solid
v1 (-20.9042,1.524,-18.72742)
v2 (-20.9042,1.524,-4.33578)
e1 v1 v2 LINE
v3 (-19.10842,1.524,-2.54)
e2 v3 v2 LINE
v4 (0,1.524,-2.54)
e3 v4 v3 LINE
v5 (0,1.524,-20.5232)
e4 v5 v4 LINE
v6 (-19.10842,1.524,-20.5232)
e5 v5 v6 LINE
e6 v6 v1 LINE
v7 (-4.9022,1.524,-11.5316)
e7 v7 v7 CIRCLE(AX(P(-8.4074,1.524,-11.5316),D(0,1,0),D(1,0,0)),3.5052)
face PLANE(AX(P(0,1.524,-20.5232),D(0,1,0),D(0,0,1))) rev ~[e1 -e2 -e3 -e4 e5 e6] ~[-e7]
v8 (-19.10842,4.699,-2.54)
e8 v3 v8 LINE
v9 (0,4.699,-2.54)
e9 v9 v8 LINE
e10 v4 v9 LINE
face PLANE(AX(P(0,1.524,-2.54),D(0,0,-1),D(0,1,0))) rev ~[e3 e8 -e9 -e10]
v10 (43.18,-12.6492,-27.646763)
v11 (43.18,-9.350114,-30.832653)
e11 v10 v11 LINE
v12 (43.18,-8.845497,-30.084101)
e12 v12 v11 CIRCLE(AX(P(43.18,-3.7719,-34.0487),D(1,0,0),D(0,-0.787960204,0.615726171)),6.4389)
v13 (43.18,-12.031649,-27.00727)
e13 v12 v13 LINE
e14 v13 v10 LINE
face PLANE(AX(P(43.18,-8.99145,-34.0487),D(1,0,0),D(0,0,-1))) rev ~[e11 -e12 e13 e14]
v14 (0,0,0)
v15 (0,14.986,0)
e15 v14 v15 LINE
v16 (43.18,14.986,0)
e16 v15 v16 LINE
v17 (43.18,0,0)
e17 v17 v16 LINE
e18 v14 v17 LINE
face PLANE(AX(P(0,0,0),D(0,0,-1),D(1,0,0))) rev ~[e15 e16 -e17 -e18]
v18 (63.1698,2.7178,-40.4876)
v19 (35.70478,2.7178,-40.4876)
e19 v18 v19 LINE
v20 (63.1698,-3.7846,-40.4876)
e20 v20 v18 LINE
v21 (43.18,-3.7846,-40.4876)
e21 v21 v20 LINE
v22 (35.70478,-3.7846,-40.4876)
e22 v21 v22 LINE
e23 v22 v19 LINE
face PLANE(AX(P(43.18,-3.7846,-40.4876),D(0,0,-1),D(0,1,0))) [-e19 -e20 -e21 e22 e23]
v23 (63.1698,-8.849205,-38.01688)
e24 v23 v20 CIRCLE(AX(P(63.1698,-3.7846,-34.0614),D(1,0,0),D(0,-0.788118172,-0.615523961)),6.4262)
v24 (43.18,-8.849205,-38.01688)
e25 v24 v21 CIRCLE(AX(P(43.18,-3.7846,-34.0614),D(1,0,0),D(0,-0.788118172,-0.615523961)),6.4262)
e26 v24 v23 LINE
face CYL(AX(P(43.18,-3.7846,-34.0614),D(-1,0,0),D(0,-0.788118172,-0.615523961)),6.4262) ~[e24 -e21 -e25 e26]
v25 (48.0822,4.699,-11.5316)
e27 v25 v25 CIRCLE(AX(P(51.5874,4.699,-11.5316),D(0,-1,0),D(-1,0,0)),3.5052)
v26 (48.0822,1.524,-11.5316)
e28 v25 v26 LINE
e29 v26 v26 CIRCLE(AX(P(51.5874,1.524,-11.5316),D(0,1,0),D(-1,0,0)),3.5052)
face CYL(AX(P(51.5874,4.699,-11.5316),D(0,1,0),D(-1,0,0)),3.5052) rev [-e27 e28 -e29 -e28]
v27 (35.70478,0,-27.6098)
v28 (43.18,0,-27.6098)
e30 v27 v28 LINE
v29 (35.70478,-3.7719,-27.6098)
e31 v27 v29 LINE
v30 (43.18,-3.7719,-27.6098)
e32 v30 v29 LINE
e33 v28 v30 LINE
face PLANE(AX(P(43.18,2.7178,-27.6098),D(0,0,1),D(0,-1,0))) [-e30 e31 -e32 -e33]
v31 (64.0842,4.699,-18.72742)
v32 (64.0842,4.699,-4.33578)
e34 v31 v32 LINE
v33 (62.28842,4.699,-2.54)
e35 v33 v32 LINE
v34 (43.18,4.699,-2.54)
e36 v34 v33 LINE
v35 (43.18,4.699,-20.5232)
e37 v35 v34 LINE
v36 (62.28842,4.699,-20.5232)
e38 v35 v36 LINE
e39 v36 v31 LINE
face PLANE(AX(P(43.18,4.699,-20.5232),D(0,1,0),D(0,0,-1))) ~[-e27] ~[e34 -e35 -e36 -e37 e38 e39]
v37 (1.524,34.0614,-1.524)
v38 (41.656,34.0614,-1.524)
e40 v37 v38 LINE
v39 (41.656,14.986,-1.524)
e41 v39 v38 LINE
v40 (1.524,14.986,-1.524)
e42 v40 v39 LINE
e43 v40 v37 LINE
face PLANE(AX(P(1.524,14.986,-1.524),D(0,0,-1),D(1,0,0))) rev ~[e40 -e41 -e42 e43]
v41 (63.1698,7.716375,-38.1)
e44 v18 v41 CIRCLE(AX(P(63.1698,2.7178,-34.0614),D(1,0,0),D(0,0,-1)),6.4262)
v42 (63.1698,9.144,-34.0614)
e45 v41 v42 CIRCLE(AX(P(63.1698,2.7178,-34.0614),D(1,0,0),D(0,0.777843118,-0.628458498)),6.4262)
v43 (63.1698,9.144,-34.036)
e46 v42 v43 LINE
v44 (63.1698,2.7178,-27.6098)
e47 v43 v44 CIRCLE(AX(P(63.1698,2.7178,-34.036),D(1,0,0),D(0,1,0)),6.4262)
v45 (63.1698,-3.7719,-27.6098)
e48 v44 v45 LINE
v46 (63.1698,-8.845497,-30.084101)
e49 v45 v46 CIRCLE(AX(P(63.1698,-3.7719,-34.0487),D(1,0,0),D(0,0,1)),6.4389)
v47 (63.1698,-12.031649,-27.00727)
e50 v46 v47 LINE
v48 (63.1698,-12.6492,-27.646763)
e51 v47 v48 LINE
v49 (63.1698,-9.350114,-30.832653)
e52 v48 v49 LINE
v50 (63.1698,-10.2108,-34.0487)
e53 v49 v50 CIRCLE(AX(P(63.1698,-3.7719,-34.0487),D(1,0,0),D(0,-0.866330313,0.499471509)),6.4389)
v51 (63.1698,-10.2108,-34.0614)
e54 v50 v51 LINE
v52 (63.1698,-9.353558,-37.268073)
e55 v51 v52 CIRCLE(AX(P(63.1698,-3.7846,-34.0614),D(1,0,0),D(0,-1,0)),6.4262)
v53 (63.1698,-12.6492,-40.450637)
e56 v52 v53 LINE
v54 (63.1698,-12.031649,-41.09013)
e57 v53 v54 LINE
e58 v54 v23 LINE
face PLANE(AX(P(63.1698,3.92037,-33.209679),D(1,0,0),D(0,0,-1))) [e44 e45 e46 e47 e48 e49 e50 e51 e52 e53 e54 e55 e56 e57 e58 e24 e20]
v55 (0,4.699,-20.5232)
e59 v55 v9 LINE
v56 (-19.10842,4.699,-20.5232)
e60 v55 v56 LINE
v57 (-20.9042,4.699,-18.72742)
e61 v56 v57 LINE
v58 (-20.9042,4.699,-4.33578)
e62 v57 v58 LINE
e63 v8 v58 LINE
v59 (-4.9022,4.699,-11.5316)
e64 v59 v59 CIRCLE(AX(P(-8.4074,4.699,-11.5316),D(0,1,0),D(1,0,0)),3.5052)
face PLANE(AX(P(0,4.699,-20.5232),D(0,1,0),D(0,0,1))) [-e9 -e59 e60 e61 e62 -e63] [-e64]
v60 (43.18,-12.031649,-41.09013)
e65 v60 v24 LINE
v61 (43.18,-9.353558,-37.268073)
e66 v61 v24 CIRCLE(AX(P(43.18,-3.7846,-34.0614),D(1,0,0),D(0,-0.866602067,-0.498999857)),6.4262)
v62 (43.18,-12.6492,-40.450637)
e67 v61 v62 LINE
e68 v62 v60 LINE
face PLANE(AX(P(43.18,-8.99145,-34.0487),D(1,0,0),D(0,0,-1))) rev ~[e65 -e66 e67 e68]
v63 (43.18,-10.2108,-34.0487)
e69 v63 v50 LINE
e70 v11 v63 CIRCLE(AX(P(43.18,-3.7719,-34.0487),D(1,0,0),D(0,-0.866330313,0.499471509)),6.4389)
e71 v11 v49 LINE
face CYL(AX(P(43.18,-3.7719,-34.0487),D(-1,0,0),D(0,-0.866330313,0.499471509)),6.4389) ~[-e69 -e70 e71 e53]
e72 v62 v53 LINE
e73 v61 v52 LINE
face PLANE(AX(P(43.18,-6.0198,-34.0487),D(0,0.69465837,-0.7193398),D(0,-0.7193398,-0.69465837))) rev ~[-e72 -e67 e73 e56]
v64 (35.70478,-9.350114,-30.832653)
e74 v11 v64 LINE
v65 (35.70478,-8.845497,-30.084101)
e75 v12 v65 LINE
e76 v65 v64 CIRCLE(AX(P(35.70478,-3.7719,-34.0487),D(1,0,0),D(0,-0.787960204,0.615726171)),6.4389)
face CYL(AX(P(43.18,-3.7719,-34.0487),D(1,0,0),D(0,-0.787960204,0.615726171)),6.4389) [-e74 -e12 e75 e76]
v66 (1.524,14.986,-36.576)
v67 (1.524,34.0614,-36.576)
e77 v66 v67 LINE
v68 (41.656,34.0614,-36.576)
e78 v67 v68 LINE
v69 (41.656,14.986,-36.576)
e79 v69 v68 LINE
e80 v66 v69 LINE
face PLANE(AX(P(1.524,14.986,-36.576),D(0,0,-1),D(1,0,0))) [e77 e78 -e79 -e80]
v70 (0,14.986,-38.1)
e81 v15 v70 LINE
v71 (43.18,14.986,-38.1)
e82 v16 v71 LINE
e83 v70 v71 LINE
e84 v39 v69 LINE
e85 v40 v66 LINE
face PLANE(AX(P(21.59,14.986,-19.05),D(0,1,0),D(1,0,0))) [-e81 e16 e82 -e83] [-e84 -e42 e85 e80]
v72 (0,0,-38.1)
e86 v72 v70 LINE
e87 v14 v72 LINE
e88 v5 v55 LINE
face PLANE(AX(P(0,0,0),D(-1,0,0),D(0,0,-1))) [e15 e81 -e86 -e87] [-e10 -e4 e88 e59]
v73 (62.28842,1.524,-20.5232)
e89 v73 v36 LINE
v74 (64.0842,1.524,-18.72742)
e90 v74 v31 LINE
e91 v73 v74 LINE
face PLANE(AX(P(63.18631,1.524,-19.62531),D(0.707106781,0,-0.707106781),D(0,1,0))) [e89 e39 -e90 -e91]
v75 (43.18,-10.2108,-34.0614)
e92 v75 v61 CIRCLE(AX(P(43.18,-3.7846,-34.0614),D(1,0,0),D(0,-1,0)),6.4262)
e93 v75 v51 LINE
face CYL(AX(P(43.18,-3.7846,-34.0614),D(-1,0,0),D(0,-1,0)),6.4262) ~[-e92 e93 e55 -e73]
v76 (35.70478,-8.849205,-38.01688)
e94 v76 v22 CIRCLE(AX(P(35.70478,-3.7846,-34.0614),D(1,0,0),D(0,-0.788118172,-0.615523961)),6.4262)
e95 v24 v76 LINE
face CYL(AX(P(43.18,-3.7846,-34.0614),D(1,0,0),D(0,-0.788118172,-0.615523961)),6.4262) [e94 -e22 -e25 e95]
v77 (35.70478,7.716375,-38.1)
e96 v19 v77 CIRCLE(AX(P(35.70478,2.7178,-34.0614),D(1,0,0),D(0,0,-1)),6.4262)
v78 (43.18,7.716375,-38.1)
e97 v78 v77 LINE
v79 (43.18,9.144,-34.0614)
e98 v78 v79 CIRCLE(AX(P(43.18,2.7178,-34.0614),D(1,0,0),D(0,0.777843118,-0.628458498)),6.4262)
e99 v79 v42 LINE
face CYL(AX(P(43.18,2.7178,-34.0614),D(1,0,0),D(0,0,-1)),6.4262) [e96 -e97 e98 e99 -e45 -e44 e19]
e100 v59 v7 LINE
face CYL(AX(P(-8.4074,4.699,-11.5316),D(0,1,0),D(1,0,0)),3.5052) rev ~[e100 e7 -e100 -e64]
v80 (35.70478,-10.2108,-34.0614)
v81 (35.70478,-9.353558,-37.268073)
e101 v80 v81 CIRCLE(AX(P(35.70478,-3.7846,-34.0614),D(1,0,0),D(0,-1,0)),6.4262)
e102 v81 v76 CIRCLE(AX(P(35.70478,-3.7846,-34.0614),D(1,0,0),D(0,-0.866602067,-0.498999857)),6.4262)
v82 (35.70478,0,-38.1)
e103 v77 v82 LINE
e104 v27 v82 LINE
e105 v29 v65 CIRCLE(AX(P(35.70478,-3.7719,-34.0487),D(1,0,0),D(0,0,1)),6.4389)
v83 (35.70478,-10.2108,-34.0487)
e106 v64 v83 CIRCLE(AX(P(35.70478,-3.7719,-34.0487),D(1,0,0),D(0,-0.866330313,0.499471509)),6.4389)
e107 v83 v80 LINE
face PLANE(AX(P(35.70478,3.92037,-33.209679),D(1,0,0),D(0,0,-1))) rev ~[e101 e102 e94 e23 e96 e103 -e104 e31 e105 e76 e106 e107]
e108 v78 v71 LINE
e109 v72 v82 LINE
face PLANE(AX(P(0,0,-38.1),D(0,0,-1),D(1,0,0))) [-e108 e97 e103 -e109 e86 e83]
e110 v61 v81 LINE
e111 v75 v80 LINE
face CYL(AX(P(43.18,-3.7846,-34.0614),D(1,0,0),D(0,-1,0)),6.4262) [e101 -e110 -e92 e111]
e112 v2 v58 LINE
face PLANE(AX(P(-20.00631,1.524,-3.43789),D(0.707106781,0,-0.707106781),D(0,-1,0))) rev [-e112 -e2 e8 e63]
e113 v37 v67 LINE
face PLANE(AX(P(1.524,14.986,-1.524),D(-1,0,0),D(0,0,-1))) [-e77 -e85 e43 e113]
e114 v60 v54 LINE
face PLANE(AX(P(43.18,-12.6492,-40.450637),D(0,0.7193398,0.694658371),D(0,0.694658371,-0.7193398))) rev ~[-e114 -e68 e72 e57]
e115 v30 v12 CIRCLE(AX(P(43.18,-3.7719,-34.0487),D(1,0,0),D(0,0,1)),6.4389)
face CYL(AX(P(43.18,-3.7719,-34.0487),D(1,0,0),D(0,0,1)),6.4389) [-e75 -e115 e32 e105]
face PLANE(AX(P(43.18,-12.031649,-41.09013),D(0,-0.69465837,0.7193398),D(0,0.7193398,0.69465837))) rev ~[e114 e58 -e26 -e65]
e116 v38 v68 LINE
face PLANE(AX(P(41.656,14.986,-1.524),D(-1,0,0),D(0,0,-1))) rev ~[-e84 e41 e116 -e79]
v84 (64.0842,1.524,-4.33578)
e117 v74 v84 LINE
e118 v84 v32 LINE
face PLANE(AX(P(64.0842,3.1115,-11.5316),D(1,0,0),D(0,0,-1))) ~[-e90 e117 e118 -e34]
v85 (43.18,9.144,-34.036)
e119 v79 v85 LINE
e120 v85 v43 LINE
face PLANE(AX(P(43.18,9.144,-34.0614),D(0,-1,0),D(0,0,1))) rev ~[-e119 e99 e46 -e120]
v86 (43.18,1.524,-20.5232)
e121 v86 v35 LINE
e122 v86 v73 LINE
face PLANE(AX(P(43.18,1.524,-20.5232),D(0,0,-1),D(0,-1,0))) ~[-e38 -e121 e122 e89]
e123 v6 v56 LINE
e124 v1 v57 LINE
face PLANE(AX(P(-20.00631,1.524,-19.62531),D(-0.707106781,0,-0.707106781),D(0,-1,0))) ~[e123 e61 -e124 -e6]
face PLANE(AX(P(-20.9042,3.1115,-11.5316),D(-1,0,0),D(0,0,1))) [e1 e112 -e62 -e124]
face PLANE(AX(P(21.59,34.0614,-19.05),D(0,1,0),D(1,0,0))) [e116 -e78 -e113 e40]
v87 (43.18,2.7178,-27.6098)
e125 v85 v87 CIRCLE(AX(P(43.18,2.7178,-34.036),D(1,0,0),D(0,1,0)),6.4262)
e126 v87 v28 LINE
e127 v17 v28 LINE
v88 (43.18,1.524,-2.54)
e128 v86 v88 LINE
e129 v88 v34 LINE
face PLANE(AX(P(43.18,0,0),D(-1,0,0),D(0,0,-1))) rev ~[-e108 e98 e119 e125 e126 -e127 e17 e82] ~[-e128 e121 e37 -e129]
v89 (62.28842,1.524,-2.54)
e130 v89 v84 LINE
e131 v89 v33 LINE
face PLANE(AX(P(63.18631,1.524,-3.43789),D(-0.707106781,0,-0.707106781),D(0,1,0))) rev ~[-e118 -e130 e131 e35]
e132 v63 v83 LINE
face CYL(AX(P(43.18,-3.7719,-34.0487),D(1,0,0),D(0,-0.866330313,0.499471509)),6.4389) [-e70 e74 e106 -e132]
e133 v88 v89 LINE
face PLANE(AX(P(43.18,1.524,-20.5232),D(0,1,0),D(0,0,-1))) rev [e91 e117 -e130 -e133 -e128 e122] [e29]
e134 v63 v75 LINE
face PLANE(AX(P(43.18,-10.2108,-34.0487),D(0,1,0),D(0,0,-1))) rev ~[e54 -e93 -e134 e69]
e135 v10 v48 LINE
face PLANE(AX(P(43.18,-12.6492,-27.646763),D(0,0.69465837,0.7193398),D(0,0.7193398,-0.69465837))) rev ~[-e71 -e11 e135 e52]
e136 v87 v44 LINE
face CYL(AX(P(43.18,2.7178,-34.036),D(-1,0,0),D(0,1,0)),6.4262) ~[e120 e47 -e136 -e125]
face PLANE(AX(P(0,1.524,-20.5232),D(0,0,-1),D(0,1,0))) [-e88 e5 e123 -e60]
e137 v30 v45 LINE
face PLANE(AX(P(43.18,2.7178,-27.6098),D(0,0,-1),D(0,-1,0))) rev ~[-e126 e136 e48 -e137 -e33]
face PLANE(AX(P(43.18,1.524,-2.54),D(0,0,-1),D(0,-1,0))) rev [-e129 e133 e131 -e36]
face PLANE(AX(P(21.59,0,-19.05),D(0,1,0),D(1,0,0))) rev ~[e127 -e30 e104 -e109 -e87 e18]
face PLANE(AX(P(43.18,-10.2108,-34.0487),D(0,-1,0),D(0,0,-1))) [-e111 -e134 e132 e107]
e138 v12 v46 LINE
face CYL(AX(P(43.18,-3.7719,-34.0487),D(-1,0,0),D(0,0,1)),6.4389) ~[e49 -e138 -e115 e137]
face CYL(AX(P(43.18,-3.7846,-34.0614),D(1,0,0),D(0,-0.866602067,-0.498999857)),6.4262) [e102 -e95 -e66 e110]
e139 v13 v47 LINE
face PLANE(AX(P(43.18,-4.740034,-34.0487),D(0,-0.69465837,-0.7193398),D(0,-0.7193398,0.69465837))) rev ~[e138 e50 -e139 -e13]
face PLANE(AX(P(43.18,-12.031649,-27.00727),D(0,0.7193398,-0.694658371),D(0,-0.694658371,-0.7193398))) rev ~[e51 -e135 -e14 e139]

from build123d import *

# Parameters (mm, degrees)
SKETCH1_W                = 43.18
SKETCH1_H                = 38.1
BOSS_EXTRUDE1_DEPTH      = 14.986
SKETCH3_W                = 40.132
SKETCH3_H                = 35.052
BOSS_EXTRUDE2_DEPTH      = 19.0754
SKETCH4_W                = 17.9832
SKETCH4_H                = 3.175
BOSS_EXTRUDE3_DEPTH      = 20.9042
SKETCH6_R                = 3.5052
CUT_EXTRUDE2_DEPTH       = 5.699
CHAMFER1_SIZE            = 1.79578
CHAMFER2_SIZE            = 1.79578
BOSS_EXTRUDE4_DEPTH      = 19.9898
BOSS_EXTRUDE4_DEPTH_BACK = 7.47522
BOSS_EXTRUDE5_DEPTH      = 19.9898


with BuildPart() as part:
    # Sketch1 → Boss-Extrude1 (new body)
    with BuildSketch(Plane(origin=(0, 0, 0), x_dir=(1, 0, 0), z_dir=(0, 1, 0))):
        with Locations((21.59, 19.05)):
            Rectangle(SKETCH1_W, SKETCH1_H)
    extrude(amount=BOSS_EXTRUDE1_DEPTH)

    # Sketch3 → Boss-Extrude2 (add)
    with BuildSketch(Plane(origin=(0, 14.986, 0), x_dir=(1, 0, 0), z_dir=(0, 1, 0))):
        with Locations((21.59, 19.05)):
            Rectangle(SKETCH3_W, SKETCH3_H)
    extrude(amount=BOSS_EXTRUDE2_DEPTH)

    # Sketch4 → Boss-Extrude3 (add)
    with BuildSketch(Plane.ZY):
        with Locations((-11.5316, 3.1115)):
            Rectangle(SKETCH4_W, SKETCH4_H)
    boss_extrude3 = extrude(amount=BOSS_EXTRUDE3_DEPTH)

    # Mirror1: Boss-Extrude3 across plane
    add(boss_extrude3.mirror(Plane(origin=(21.59, 0, 0), x_dir=(0, 0, 1), z_dir=(1, 0, 0))))

    # Sketch6 → Cut-Extrude2 (cut, through all)
    with BuildSketch(Plane(origin=(0, 4.699, 0), x_dir=(1, 0, 0), z_dir=(0, 1, 0))):
        with Locations((-8.4074, 11.5316)):
            Circle(SKETCH6_R)
    cut_extrude2 = extrude(amount=-CUT_EXTRUDE2_DEPTH, mode=Mode.SUBTRACT)

    # Mirror3: Cut-Extrude2 across plane
    add(cut_extrude2.mirror(Plane(origin=(21.59, 0, 0), x_dir=(0, 0, 1), z_dir=(1, 0, 0))), mode=Mode.SUBTRACT)

    # Chamfer1
    chamfer1_edges = [part.edges().sort_by_distance(p)[0] for p in [
        (64.0842, 3.1115, -20.5232),
        (64.0842, 3.1115, -2.54),
    ]]
    chamfer(chamfer1_edges, length=CHAMFER1_SIZE)

    # Chamfer2
    chamfer2_edges = [part.edges().sort_by_distance(p)[0] for p in [
        (-20.9042, 3.1115, -20.5232),
        (-20.9042, 3.1115, -2.54),
    ]]
    chamfer(chamfer2_edges, length=CHAMFER2_SIZE)

    # Sketch7 → Boss-Extrude4 (add, two sides)
    with BuildSketch(Plane(origin=(43.18, 0, 0), x_dir=(0, 0, -1), z_dir=(1, 0, 0))) as boss_extrude4_sk:
        with BuildLine():
            Line((34.0614, 9.144), (34.036, 9.144))
            ThreePointArc((34.036, 9.144), (29.491990403, 7.261809597), (27.6098, 2.7178))
            Line((27.6098, 2.7178), (27.6098, 0))
            Line((27.6098, 0), (38.1, 0))
            Line((38.1, 0), (38.1, 7.716375445))
            ThreePointArc((38.1, 7.716375445), (36.203151726, 8.776590802), (34.0614, 9.144))
        make_face()
        with BuildLine():
            ThreePointArc((40.4876, 2.7178), (39.860059231, 5.487564893), (38.1, 7.716375445))
            Line((38.1, 7.716375445), (38.1, 0))
            Line((38.1, 0), (27.6098, 0))
            Line((27.6098, 0), (27.6098, -3.7719))
            ThreePointArc((27.6098, -3.7719), (28.261339144, -6.594290394), (30.084100746, -8.845496946))
            Line((30.084100746, -8.845496946), (34.0487, -4.740034236))
            Line((34.0487, -4.740034236), (38.016880079, -8.849204998))
            ThreePointArc((38.016880079, -8.849204998), (39.836984495, -6.602164583), (40.4876, -3.7846))
            Line((40.4876, -3.7846), (40.4876, 2.7178))
        make_face()
        with BuildLine():
            Line((34.0487, -6.0198), (30.832652906, -9.350114257))
            ThreePointArc((30.832652906, -9.350114257), (32.384087518, -9.991907918), (34.0487, -10.2108))
            Line((34.0487, -10.2108), (34.0487, -6.0198))
        make_face()
        with BuildLine():
            ThreePointArc((34.0614, -10.2108), (35.721039602, -9.992791591), (37.268072877, -9.353558206))
            Line((37.268072877, -9.353558206), (34.0487, -6.0198))
            Line((34.0487, -6.0198), (34.0487, -10.2108))
            Line((34.0487, -10.2108), (34.0614, -10.2108))
        make_face()
        with BuildLine():
            Line((34.0487, -4.740034236), (30.084100746, -8.845496946))
            ThreePointArc((30.084100746, -8.845496946), (30.449522295, -9.110940462), (30.832652906, -9.350114257))
            Line((30.832652906, -9.350114257), (34.0487, -6.0198))
            Line((34.0487, -6.0198), (37.268072877, -9.353558206))
            ThreePointArc((37.268072877, -9.353558206), (37.651344537, -9.114547904), (38.016880079, -8.849204998))
            Line((38.016880079, -8.849204998), (34.0487, -4.740034236))
        make_face()
    extrude(amount=BOSS_EXTRUDE4_DEPTH)
    extrude(boss_extrude4_sk.sketch, amount=-BOSS_EXTRUDE4_DEPTH_BACK)

    # Sketch7_3 → Boss-Extrude5 (add)
    with BuildSketch(Plane(origin=(43.18, 0, 0), x_dir=(0, 0, -1), z_dir=(1, 0, 0))):
        Polygon((34.0487, -4.740034236), (27.007269754, -12.031648709), (27.646762836, -12.6492), (34.0487, -6.0198), (40.450637164, -12.6492), (41.090130246, -12.031648709), align=None)
    extrude(amount=BOSS_EXTRUDE5_DEPTH)


solid = part.part
